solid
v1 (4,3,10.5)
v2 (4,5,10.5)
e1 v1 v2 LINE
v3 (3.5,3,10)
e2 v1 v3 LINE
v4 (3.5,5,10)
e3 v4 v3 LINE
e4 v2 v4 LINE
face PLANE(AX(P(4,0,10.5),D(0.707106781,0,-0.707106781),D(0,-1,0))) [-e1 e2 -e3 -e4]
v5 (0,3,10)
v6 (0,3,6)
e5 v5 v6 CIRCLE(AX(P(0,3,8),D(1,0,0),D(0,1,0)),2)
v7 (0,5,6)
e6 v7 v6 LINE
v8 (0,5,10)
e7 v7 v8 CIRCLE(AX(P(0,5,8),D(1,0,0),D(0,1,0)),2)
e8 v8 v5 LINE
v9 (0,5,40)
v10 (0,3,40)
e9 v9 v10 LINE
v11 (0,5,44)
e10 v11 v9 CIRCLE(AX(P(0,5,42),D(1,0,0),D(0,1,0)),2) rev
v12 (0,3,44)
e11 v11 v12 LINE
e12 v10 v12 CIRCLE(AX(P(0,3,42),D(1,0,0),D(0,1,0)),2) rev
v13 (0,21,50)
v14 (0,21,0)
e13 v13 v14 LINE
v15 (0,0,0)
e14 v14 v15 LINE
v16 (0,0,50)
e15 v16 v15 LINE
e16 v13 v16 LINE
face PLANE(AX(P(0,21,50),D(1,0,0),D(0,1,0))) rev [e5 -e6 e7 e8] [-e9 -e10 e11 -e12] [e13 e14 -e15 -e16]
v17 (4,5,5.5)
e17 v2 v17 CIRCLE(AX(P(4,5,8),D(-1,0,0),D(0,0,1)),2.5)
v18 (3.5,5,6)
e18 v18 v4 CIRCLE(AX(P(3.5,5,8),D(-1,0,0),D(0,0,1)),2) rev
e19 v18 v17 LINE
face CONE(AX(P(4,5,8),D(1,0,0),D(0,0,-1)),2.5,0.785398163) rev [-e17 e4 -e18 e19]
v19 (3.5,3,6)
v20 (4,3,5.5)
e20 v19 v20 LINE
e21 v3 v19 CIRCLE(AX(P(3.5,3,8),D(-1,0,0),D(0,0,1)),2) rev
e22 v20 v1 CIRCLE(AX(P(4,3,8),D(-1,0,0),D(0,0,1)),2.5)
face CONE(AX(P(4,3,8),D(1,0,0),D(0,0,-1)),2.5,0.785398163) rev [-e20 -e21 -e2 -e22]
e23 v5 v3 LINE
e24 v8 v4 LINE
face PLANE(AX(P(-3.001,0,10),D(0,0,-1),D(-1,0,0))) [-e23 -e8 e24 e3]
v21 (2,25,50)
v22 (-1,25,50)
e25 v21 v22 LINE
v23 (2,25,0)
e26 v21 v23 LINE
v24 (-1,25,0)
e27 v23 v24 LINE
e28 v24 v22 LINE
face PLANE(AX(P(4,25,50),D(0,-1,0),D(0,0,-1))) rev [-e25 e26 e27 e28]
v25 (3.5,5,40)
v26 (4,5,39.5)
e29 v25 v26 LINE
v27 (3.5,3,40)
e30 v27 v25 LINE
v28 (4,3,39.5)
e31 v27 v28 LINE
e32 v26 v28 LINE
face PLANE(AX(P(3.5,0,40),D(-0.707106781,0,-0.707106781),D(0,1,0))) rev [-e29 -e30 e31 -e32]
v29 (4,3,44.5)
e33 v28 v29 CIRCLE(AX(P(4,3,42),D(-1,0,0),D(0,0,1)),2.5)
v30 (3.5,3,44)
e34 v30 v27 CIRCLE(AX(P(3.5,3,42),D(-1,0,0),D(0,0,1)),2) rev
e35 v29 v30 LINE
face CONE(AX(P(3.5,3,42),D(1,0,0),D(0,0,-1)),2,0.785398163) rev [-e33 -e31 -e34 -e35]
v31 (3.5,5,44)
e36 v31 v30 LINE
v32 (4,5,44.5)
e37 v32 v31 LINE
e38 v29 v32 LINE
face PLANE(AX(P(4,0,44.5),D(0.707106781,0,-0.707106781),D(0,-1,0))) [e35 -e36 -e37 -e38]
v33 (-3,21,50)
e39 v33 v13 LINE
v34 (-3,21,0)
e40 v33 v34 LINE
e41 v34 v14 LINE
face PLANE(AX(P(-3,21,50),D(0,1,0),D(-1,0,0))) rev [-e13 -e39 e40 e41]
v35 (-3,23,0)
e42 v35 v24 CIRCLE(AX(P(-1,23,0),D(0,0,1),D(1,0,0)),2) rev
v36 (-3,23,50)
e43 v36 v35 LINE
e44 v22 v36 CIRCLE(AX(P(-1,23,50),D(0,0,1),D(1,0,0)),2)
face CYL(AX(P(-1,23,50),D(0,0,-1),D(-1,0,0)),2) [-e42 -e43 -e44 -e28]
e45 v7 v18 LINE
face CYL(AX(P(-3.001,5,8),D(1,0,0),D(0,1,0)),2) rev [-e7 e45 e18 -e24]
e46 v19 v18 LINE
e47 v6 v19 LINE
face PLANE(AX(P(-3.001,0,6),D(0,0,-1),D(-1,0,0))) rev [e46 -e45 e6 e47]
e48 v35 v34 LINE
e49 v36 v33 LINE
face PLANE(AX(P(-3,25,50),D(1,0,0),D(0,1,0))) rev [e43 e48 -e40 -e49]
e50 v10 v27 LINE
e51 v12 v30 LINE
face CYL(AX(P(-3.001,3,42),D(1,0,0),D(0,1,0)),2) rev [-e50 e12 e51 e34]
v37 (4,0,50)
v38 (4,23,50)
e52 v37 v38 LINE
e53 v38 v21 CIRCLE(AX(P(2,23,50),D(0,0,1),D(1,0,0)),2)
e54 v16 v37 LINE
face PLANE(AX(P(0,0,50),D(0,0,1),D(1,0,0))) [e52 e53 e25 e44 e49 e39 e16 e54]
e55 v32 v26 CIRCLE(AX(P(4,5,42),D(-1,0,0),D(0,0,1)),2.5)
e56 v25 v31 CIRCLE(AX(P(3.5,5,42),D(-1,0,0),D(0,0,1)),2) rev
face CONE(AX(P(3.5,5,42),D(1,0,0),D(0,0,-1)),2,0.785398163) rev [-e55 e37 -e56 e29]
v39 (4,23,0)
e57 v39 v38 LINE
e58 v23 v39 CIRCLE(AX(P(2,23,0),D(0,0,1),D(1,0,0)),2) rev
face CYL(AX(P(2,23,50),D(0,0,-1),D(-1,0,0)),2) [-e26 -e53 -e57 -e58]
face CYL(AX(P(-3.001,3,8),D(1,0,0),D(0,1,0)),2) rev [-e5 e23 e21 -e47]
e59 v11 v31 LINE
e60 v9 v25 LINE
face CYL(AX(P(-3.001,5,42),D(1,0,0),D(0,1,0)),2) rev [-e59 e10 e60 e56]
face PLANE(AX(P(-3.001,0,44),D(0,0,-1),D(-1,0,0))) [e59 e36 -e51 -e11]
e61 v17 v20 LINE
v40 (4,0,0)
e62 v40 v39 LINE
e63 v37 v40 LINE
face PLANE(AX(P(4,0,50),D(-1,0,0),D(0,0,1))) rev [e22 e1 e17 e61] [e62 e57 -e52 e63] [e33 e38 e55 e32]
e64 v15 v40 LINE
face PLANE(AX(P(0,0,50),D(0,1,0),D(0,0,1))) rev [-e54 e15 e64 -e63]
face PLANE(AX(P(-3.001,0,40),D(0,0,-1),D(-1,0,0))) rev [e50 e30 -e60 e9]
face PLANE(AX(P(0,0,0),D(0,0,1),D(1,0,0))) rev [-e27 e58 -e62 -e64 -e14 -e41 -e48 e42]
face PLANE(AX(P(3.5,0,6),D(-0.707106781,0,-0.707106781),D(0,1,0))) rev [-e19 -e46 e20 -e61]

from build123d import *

# Parameters (mm, degrees)
BOSS_EXTRUDE1_DEPTH = 50
FILLET1_R           = 2
CUT_EXTRUDE1_REACH  = 58.338
CHAMFER1_SIZE       = 0.5


with BuildPart() as part:
    # Sketch1 → Boss-Extrude1 (new body)
    with BuildSketch(Plane.XY):
        Polygon((4, 25), (-3, 25), (-3, 21), (0, 21), (0, 0), (4, 0), align=None)
    extrude(amount=BOSS_EXTRUDE1_DEPTH)

    # Fillet1
    fillet1_edges = [part.edges().sort_by_distance(p)[0] for p in [
        (-3, 25, 25),
        (4, 25, 25),
    ]]
    fillet(fillet1_edges, radius=FILLET1_R)

    # Sketch2 → Cut-Extrude1 (cut, up to next)
    with BuildSketch(Plane(origin=(4, 0, 0), x_dir=(0, 0, -1), z_dir=(1, 0, 0)), mode=Mode.PRIVATE) as cut_extrude1_sk1:
        with BuildLine():
            Line((-40, 3), (-40, 5))
            ThreePointArc((-40, 5), (-42, 7), (-44, 5))
            Line((-44, 5), (-44, 3))
            ThreePointArc((-44, 3), (-42, 1), (-40, 3))
        make_face()
    cut_extrude1_tool1 = extrude(cut_extrude1_sk1.sketch, amount=-CUT_EXTRUDE1_REACH, mode=Mode.PRIVATE) & part.part
    # Sketch2 → Cut-Extrude1 (cut, up to next)
    with BuildSketch(Plane(origin=(4, 0, 0), x_dir=(0, 0, -1), z_dir=(1, 0, 0)), mode=Mode.PRIVATE) as cut_extrude1_sk2:
        with BuildLine():
            ThreePointArc((-10, 5), (-8, 7), (-6, 5))
            Line((-6, 5), (-6, 3))
            ThreePointArc((-6, 3), (-8, 1), (-10, 3))
            Line((-10, 3), (-10, 5))
        make_face()
    cut_extrude1_tool2 = extrude(cut_extrude1_sk2.sketch, amount=-CUT_EXTRUDE1_REACH, mode=Mode.PRIVATE) & part.part
    add(cut_extrude1_tool1.solids().sort_by_distance((4, 4, 42))[0], mode=Mode.SUBTRACT)
    add(cut_extrude1_tool2.solids().sort_by_distance((4, 4, 8))[0], mode=Mode.SUBTRACT)

    # Chamfer1
    chamfer1_edges = [part.edges().sort_by_distance(p)[0] for p in [
        (4, 4, 44),
        (4, 4, 40),
        (4, 7, 42),
        (4, 1, 42),
        (4, 7, 8),
        (4, 1, 8),
        (4, 4, 10),
        (4, 4, 6),
    ]]
    chamfer(chamfer1_edges, length=CHAMFER1_SIZE)


solid = part.part
